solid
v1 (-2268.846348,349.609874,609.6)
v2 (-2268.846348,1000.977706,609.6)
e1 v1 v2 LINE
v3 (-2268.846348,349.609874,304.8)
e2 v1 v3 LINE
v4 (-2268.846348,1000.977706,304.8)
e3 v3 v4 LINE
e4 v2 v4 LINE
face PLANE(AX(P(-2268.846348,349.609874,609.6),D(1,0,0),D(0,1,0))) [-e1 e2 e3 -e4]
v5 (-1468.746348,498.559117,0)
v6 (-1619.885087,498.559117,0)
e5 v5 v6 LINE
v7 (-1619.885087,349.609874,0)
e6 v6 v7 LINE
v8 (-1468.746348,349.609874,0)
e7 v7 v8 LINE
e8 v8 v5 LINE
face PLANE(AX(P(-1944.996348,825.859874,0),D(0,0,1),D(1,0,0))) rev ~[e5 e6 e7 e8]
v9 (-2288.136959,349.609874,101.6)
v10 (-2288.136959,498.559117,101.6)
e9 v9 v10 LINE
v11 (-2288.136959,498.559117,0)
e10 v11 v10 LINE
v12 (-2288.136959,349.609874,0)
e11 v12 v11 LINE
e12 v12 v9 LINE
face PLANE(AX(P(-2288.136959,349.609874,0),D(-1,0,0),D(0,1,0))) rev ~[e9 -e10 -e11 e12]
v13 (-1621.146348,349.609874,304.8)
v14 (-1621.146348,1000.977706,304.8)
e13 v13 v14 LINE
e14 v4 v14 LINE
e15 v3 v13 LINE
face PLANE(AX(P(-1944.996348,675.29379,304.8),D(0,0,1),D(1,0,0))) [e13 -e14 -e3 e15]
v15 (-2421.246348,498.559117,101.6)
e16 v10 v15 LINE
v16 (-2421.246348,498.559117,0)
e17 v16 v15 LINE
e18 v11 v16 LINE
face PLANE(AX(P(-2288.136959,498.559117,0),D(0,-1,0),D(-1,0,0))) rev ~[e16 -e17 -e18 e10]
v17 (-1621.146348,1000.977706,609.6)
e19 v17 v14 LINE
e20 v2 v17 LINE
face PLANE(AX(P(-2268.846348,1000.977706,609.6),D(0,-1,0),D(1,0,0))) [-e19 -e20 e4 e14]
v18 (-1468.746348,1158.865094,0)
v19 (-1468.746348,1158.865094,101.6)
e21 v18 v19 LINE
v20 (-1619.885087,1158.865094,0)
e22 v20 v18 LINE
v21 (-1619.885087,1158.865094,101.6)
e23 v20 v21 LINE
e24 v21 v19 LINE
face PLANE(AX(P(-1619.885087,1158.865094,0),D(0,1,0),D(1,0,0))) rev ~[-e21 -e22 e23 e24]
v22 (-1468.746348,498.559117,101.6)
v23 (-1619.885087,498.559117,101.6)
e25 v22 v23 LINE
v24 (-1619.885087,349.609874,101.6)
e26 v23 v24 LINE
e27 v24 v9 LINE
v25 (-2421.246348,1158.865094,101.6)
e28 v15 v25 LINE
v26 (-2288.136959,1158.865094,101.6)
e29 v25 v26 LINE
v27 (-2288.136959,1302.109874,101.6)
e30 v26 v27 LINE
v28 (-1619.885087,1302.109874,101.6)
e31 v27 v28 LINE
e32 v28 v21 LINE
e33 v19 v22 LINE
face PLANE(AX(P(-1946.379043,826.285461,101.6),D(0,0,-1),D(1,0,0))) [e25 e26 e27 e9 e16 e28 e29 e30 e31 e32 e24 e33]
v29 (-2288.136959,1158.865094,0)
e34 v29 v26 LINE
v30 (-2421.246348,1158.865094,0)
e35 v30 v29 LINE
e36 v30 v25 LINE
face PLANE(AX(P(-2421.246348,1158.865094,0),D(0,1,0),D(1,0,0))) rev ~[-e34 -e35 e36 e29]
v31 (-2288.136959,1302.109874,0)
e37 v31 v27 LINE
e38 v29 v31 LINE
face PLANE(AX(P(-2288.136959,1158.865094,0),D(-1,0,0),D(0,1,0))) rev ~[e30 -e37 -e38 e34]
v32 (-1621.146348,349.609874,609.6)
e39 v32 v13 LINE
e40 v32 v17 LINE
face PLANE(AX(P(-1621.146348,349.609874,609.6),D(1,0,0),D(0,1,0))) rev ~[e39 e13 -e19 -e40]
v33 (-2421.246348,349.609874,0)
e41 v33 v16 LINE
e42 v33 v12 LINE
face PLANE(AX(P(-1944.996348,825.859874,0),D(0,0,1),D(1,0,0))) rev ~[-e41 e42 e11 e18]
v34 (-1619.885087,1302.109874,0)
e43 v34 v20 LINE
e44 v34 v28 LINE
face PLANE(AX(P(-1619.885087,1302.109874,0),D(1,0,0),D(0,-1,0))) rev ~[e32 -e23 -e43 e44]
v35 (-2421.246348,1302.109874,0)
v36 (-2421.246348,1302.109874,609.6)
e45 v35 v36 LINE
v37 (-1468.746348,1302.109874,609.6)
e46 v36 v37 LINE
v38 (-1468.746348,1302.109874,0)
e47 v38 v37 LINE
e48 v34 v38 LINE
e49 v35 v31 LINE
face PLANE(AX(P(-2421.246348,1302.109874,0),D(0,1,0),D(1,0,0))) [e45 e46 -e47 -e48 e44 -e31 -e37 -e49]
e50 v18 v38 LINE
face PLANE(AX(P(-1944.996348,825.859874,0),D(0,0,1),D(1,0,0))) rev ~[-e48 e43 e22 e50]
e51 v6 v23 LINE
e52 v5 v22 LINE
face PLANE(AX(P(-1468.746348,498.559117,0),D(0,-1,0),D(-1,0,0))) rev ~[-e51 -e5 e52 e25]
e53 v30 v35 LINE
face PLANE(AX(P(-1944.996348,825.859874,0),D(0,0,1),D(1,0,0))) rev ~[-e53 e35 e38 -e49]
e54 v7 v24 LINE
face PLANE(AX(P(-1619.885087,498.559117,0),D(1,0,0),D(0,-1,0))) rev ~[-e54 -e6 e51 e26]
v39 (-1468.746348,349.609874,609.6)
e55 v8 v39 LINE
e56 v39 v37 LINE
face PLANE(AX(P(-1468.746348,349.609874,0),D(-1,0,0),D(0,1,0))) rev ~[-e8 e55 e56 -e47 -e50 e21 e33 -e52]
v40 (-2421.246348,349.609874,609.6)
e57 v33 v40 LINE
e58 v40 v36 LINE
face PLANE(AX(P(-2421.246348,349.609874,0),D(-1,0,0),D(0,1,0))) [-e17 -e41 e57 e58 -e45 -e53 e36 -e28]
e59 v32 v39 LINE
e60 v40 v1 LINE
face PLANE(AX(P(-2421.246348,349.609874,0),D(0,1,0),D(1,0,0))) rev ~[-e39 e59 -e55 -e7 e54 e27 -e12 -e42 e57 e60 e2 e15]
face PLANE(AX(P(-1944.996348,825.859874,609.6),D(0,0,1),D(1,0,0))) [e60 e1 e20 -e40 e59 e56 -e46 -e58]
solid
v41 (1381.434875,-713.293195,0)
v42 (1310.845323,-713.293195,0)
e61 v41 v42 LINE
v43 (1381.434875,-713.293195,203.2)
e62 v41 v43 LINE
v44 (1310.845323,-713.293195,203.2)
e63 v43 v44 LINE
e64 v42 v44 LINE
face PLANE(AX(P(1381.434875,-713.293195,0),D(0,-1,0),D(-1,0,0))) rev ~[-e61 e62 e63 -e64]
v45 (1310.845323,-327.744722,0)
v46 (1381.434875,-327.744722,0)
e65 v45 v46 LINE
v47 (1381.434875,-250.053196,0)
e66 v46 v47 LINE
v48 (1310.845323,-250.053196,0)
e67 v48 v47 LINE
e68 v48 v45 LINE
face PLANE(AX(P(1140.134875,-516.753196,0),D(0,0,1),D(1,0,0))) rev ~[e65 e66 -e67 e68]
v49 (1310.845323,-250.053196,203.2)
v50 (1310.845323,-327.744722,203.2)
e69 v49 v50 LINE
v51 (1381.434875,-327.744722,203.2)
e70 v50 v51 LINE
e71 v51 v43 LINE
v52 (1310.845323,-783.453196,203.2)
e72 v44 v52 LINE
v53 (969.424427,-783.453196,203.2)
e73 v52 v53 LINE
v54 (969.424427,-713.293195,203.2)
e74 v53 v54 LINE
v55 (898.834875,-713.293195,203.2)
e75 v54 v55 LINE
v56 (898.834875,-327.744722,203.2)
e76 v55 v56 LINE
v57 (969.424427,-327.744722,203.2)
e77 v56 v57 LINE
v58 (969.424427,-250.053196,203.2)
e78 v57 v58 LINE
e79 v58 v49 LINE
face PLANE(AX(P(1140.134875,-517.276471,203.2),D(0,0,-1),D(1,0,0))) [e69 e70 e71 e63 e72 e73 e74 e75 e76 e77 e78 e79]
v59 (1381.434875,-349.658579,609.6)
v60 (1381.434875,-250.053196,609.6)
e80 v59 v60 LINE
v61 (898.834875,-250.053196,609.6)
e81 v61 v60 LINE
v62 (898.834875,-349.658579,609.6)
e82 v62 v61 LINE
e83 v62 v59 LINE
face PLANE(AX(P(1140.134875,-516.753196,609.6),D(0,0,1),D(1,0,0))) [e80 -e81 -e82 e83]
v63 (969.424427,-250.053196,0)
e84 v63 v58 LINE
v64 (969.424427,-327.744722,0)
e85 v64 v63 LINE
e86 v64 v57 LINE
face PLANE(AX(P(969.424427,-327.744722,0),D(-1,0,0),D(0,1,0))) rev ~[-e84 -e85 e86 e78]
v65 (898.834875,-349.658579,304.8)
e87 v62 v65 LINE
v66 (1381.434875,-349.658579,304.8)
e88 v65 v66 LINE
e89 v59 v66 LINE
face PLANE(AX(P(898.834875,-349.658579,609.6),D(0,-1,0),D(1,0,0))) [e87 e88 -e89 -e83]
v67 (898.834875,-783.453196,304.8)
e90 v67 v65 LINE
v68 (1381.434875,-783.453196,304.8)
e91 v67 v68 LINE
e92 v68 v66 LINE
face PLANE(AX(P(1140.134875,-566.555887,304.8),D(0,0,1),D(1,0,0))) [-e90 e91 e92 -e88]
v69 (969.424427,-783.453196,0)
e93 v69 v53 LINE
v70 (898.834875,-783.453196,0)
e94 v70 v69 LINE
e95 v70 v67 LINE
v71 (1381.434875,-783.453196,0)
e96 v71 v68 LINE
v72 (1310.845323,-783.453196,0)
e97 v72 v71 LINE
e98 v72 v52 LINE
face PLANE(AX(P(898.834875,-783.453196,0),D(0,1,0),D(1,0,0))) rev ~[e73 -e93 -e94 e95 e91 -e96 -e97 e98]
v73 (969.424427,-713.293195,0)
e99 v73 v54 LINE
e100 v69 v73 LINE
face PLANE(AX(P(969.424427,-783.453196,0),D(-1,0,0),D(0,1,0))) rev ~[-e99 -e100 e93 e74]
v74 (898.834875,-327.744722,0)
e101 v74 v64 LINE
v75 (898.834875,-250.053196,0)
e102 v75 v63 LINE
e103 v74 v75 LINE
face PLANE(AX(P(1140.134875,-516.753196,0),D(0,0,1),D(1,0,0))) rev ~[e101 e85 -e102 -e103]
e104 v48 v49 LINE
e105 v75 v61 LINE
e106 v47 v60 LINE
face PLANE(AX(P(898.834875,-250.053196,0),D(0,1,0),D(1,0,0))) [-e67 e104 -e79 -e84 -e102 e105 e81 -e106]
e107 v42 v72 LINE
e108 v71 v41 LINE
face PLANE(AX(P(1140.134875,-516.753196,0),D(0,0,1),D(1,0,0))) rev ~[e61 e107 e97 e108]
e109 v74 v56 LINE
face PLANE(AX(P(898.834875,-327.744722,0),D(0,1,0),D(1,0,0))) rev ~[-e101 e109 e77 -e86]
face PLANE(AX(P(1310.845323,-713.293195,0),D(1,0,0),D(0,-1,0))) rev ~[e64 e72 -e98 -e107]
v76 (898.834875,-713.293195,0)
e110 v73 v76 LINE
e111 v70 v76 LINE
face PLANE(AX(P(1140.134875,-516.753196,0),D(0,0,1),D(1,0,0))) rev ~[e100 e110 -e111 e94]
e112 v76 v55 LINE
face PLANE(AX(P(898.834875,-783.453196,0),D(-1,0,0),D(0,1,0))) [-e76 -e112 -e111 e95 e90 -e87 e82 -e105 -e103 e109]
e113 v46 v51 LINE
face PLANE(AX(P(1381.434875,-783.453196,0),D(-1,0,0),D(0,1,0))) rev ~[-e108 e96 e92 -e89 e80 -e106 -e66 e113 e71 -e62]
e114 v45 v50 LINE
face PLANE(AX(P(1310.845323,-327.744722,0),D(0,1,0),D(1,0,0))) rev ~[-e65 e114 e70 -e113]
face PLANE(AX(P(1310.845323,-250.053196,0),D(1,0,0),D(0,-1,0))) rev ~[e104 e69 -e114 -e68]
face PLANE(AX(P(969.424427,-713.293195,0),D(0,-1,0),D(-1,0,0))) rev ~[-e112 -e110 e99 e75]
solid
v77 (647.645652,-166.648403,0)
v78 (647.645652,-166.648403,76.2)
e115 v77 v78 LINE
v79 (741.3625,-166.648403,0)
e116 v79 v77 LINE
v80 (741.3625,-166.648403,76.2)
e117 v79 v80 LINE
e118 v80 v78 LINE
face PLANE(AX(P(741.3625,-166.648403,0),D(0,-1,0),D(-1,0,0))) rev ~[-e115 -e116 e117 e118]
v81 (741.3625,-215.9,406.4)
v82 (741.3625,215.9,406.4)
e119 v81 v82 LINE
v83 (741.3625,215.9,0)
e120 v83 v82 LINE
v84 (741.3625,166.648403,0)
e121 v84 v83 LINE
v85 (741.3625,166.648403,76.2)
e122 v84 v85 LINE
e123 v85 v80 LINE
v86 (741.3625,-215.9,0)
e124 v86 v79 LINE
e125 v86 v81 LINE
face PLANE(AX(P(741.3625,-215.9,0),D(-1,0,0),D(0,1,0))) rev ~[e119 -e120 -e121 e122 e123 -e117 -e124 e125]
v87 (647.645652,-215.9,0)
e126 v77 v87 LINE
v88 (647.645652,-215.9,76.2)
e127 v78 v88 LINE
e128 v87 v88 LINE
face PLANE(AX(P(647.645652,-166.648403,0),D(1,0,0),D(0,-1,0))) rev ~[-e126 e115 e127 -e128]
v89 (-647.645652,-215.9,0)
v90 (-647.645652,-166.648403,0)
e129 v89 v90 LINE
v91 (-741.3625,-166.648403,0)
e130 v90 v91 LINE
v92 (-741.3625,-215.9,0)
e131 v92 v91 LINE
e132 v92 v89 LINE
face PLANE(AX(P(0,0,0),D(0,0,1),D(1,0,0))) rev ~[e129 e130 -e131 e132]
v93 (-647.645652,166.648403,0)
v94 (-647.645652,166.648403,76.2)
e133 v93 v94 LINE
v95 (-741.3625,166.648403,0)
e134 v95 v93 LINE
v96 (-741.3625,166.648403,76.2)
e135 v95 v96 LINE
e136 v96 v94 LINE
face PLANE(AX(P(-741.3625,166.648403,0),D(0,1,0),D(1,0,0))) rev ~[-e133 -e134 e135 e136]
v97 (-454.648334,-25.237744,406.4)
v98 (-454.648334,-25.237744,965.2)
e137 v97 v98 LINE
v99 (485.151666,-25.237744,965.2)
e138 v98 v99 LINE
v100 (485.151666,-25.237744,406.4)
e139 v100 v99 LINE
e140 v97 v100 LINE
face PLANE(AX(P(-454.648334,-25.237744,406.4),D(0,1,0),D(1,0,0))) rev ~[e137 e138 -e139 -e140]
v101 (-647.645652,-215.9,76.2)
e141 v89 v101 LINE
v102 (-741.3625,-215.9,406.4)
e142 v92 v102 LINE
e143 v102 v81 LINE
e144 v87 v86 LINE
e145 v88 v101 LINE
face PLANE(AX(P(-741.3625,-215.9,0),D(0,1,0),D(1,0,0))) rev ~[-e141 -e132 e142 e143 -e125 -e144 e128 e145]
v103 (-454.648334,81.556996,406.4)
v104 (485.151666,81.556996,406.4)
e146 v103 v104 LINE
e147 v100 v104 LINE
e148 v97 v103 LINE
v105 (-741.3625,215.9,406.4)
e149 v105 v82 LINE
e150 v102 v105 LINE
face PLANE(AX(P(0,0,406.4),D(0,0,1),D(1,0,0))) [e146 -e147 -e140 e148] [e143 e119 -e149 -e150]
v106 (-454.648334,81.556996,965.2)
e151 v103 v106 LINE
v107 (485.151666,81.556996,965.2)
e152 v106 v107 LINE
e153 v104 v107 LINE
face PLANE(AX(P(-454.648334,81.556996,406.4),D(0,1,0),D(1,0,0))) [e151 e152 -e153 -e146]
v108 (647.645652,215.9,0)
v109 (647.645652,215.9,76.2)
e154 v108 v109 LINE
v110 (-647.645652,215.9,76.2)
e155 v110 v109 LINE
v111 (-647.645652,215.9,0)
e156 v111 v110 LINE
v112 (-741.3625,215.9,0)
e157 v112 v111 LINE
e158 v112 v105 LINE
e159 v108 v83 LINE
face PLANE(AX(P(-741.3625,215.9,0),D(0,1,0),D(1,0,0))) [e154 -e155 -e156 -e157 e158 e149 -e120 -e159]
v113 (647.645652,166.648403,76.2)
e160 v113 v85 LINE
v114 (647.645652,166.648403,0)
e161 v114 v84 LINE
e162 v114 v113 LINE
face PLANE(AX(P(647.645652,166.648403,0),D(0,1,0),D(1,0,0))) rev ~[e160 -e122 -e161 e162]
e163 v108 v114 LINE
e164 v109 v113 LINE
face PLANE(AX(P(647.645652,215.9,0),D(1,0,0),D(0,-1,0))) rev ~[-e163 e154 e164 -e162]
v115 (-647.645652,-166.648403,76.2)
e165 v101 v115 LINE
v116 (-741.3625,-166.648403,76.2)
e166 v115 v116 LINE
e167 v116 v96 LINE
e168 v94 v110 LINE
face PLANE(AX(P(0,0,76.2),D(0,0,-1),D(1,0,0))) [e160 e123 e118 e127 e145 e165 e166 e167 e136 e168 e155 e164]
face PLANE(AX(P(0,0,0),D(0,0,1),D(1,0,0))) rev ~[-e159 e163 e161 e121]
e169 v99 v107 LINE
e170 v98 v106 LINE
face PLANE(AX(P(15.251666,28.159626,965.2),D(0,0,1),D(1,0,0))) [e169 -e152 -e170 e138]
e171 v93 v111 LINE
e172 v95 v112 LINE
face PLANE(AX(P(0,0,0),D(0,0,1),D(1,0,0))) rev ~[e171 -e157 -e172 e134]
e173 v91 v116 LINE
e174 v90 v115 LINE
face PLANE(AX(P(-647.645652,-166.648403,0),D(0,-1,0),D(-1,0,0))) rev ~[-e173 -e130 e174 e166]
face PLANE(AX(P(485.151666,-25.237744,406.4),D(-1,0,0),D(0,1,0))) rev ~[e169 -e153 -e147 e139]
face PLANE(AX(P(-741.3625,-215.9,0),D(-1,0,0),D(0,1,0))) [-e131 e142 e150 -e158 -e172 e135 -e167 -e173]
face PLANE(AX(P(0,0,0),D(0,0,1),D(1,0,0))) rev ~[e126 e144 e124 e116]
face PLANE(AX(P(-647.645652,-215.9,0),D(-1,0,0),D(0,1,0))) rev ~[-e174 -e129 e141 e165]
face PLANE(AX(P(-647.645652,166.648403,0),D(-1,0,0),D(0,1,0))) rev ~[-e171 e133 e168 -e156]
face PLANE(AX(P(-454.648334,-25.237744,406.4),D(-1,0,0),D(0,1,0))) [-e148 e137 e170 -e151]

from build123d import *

# Parameters (mm, degrees)
F0_W      = 1482.725
F0_H      = 431.8
F1_DEPTH  = 406.4
F3_DEPTH  = 76.2
F4_W      = 482.6
F4_H      = 533.4
F5_DEPTH  = 609.6
F7_DEPTH  = 203.2
F8_W      = 482.6
F8_H      = 433.7946175819
F9_DEPTH  = 304.8
F10_W     = 939.8
F10_H     = 106.794739913
F11_DEPTH = 558.8
F12_W     = 952.5
F12_H     = 952.5
F13_DEPTH = 609.6
F14_W     = 647.7
F14_H     = 651.367831802
F15_DEPTH = 304.8
F17_DEPTH = 101.6


with BuildPart() as f1:
    # F0 (on Top) → F1 (new body)
    with BuildSketch(Plane.XY):
        Rectangle(F0_W, F0_H)
    extrude(amount=F1_DEPTH)

    # F2 (on face) → F3 (cut)
    with BuildSketch(Plane(origin=(0, 0, 0), x_dir=(1, 0, 0), z_dir=(0, 0, -1))):
        Polygon((647.6456522942, 166.6484028101), (647.6456522942, 215.9), (-647.6456522942, 215.9), (-647.6456522942, 166.6484028101), (-741.3625, 166.6484028101), (-741.3625, -166.6484028101), (-647.6456522942, -166.6484028101), (-647.6456522942, -215.9), (647.6456522942, -215.9), (647.6456522942, -166.6484028101), (741.3625, -166.6484028101), (741.3625, 166.6484028101), align=None)
    extrude(amount=-F3_DEPTH, mode=Mode.SUBTRACT)

    # F10 (on face) → F11 (join)
    with BuildSketch(Plane.XY.offset(406.4)):
        with Locations((15.2516663074, 28.1596258283)):
            Rectangle(F10_W, F10_H)
    extrude(amount=F11_DEPTH)


with BuildPart() as f5:
    # F4 (on Top) → F5 (new body)
    with BuildSketch(Plane.XY):
        with Locations((1140.1348749161, -516.7531962161)):
            Rectangle(F4_W, F4_H)
    extrude(amount=F5_DEPTH)

    # F6 (on face) → F7 (cut)
    with BuildSketch(Plane(origin=(0, 0, 0), x_dir=(1, 0, 0), z_dir=(0, 0, -1))):
        Polygon((1310.8453232765, 783.4531962161), (969.4244265556, 783.4531962161), (969.4244265556, 713.2931947708), (898.8348749161, 713.2931947708), (898.8348749161, 327.7447223663), (969.4244265556, 327.7447223663), (969.4244265556, 250.0531962161), (1310.8453232765, 250.0531962161), (1310.8453232765, 327.7447223663), (1381.4348749161, 327.7447223663), (1381.4348749161, 713.2931947708), (1310.8453232765, 713.2931947708), align=None)
    extrude(amount=-F7_DEPTH, mode=Mode.SUBTRACT)

    # F8 (on face) → F9 (cut)
    with BuildSketch(Plane.XY.offset(609.6)):
        with Locations((1140.1348749161, -566.5558874252)):
            Rectangle(F8_W, F8_H)
    extrude(amount=-F9_DEPTH, mode=Mode.SUBTRACT)


with BuildPart() as f13:
    # F12 (on Top) → F13 (new body)
    with BuildSketch(Plane.XY):
        with Locations((-1944.9963480612, 825.8598744869)):
            Rectangle(F12_W, F12_H)
    extrude(amount=F13_DEPTH)

    # F14 (on face) → F15 (cut)
    with BuildSketch(Plane.XY.offset(609.6)):
        with Locations((-1944.9963480612, 675.2937903879)):
            Rectangle(F14_W, F14_H)
    extrude(amount=-F15_DEPTH, mode=Mode.SUBTRACT)

    # F16 (on face) → F17 (cut)
    with BuildSketch(Plane(origin=(0, 0, 0), x_dir=(1, 0, 0), z_dir=(0, 0, -1))):
        Polygon((-1619.8850870132, -349.6098744869), (-2288.1369590759, -349.6098744869), (-2288.1369590759, -498.5591173172), (-2421.2463480612, -498.5591173172), (-2421.2463480612, -1158.8650941849), (-2288.1369590759, -1158.8650941849), (-2288.1369590759, -1302.1098744869), (-1619.8850870132, -1302.1098744869), (-1619.8850870132, -1158.8650941849), (-1468.7463480612, -1158.8650941849), (-1468.7463480612, -498.5591173172), (-1619.8850870132, -498.5591173172), align=None)
    extrude(amount=-F17_DEPTH, mode=Mode.SUBTRACT)


solid = Compound([f1.part, f5.part, f13.part])
